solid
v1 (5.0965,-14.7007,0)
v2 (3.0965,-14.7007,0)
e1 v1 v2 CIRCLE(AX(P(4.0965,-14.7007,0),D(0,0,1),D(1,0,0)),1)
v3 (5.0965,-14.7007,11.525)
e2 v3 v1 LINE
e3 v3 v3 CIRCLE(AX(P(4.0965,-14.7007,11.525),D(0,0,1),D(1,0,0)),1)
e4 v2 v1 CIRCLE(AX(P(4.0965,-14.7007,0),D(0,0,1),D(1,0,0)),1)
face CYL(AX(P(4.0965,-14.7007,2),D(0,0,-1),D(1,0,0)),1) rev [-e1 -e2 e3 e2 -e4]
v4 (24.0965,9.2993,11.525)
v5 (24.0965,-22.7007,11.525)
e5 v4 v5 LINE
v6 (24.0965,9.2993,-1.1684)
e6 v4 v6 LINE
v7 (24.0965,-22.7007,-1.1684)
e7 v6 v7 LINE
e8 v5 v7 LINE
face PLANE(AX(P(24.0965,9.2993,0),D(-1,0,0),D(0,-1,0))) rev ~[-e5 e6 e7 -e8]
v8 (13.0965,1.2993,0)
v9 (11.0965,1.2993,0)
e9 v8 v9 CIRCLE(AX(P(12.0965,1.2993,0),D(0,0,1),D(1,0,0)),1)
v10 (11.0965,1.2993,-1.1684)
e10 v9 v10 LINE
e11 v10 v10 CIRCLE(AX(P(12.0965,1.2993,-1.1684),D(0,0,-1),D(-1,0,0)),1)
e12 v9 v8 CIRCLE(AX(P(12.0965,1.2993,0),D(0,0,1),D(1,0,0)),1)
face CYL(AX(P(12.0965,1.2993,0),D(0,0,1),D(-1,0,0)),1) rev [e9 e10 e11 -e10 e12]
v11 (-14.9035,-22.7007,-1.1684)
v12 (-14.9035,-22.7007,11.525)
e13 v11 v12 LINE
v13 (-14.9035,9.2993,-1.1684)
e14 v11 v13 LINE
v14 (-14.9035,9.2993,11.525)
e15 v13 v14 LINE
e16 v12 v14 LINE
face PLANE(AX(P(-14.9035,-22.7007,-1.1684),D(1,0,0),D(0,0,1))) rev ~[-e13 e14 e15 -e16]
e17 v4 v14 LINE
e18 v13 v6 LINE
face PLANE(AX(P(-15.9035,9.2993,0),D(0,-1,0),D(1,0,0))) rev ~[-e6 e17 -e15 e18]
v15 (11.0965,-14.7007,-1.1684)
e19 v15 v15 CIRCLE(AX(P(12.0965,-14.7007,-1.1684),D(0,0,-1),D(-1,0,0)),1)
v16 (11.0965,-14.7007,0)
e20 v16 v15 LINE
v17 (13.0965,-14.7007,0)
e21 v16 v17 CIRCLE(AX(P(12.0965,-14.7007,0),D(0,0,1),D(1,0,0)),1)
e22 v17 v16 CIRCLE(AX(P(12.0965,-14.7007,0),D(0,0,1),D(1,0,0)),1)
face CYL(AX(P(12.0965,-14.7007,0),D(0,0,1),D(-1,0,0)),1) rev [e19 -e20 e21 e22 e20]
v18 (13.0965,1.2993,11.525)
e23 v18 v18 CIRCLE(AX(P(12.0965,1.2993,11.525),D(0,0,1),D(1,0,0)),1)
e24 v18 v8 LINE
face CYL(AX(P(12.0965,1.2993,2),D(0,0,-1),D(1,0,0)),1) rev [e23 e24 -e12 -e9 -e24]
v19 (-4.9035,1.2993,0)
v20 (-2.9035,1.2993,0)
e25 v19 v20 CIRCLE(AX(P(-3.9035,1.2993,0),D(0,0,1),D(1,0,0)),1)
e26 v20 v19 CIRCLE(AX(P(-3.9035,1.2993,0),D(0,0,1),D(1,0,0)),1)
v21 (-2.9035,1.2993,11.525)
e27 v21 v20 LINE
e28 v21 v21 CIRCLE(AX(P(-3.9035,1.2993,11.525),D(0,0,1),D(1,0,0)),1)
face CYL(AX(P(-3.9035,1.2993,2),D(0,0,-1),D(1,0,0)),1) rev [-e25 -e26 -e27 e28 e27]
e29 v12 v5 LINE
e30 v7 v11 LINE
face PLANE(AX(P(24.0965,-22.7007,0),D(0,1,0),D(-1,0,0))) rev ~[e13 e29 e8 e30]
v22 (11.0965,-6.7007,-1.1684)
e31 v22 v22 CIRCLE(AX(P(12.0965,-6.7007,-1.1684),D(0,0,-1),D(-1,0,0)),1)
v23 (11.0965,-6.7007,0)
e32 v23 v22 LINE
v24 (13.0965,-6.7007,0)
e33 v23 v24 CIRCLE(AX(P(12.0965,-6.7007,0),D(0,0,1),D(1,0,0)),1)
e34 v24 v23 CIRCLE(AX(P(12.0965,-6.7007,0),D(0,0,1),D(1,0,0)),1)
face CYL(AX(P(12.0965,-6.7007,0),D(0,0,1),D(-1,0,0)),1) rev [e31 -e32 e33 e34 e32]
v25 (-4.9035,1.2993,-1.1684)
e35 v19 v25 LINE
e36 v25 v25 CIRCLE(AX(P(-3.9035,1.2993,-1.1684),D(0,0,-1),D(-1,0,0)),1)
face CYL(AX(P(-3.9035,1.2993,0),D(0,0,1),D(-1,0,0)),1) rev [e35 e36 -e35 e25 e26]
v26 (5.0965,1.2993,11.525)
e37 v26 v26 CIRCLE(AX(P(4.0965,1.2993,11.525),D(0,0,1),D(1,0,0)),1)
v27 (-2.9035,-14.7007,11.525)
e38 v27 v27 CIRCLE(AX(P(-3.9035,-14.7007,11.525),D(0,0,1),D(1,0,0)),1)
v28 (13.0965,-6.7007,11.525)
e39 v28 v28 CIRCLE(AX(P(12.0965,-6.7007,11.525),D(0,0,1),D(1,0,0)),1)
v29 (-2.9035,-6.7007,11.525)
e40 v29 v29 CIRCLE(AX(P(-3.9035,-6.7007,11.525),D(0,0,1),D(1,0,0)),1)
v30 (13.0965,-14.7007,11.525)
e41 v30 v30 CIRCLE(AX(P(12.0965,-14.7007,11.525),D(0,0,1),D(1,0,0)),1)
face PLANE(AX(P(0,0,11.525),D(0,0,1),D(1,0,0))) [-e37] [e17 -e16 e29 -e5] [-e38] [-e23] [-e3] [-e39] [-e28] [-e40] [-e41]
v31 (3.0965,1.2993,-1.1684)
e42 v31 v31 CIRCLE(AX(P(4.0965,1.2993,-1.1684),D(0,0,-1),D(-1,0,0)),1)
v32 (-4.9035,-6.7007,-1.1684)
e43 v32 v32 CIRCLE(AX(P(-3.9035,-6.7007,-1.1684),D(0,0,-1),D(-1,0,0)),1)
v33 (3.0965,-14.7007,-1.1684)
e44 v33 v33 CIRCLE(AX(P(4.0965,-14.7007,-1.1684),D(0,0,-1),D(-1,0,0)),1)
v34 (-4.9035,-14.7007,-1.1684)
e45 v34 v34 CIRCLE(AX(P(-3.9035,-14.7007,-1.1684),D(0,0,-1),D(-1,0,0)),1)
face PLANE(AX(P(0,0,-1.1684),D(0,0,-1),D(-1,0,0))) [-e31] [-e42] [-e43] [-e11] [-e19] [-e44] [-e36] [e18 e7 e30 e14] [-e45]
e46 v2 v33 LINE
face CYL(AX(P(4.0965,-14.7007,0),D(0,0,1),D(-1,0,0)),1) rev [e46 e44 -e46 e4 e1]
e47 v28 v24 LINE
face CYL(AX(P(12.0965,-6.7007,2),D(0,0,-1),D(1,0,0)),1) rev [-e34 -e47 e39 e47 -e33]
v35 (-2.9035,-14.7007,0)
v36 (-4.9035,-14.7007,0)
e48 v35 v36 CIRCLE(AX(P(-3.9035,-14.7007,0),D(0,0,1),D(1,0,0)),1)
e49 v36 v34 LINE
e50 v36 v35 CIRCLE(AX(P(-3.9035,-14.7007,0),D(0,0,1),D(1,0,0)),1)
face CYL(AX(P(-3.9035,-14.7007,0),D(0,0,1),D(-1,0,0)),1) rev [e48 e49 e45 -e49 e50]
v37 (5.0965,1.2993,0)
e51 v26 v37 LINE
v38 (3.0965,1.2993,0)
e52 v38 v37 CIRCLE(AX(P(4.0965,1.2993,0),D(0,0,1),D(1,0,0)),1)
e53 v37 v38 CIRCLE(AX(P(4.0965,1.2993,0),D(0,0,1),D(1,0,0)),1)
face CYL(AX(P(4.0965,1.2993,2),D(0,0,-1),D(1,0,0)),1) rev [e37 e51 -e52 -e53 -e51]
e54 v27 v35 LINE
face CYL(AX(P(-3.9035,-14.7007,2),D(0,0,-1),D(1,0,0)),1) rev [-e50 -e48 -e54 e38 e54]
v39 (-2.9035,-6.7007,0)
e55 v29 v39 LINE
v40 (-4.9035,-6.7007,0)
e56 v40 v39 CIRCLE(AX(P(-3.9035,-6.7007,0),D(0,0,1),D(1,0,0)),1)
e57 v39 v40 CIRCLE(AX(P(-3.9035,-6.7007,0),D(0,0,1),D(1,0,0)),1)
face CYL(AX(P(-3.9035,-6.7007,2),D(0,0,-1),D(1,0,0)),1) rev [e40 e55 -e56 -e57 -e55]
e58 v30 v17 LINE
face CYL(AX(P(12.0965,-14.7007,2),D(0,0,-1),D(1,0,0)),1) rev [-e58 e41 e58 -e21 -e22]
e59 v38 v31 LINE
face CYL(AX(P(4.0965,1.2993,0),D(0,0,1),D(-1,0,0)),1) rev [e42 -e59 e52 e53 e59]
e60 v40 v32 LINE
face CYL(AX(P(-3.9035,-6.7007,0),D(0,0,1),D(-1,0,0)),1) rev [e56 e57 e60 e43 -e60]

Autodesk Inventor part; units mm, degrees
ref_plane "YZ Plane" through (0, 0, 0) normal (1, 0, 0) x (0, 1, 0)
ref_plane "XZ Plane" through (0, 0, 0) normal (0, 1, 0) x (-1, 0, 0)
ref_plane "XY Plane" through (0, 0, 0) normal (0, 0, 1) x (1, 0, 0)
sketch "Sketch1" plane through (0, 0, 0) normal (0, 0, 1) x (1, 0, 0)
  line L0 (-15.9035, 8.2993) -> (24.0965, 8.2993)
  line L1 (24.0965, 8.2993) -> (24.0965, -21.7007)
  line L2 (24.0965, -21.7007) -> (-15.9035, -21.7007)
  line L3 (-15.9035, -21.7007) -> (-15.9035, 8.2993)
  point P0 (0, 0)
  dimension "d0" = 40
  dimension "d1" = 30
extrude "Extrusion1" add sketch "Sketch1" along normal blind 2
sketch "Sketch2" plane through (0, 0, 2) normal (0, 0, 1) x (1, 0, 0)
  line L0 (-15.9035, -21.7007) -> (-15.9035, 8.2993) projected
  line L1 (24.0965, -21.7007) -> (-15.9035, -21.7007) projected
  line L2 (-15.9035, -6.7007) -> (4.0965, -6.7007)
  line L3 (4.0965, -6.7007) -> (4.0965, -14.7007)
  line L4 (4.0965, -14.7007) -> (-3.9035, -14.7007)
  line L5 (-3.9035, -14.7007) -> (-3.9035, 1.2993)
  line L6 (-3.9035, 1.2993) -> (12.0965, 1.2993)
  line L7 (12.0965, 1.2993) -> (12.0965, -14.7007)
  circle A0 centre (12.0965, -6.7007) radius 1
  circle A1 centre (12.0965, 1.2993) radius 1
  circle A2 centre (4.0965, 1.2993) radius 1
  circle A3 centre (-3.9035, 1.2993) radius 1
  circle A4 centre (-3.9035, -6.7007) radius 1
  circle A5 centre (-3.9035, -14.7007) radius 1
  circle A6 centre (4.0965, -14.7007) radius 1
  circle A7 centre (12.0965, -14.7007) radius 1
  point P0 (0, 0)
  dimension "d4" = 8
  dimension "d5" = 8
  dimension "d6" = 16
  dimension "d7" = 16
  dimension "d8" = 16
  dimension "d9" = 2
extrude "Extrusion2" cut sketch "Sketch2" against normal blind 2 contours A7 | A0 L7 | L7 A0 | A1 L7 L6 | L6 L7 A1 | A2 L6 | L6 A2 | A3 L6 L5 | L5 L6 A3 | A4 L5 L2 | L2 L5 A4 | L5 A4 L2 | L2 A4 L5 | A6 L4 L3 | L3 L4 A6 | A5 L4 L5 | L5 L4 A5
sketch "Sketch3" plane through (-15.9035, -21.7007, 0) normal (0, -1, 0) x (1, 0, 0)
  line L0 (40, 2) -> (0, 2) projected
  line L1 (0, 0) -> (0, 2) projected
  line L2 (40, 0) -> (0, 0) projected
  line L3 (40, 0) -> (40, 2) projected
  point P0 (15.9035, 0)
extrude "Extrusion3" add sketch "Sketch3" along normal blind 1
sketch "Sketch4" plane through (-15.9035, 8.2993, 0) normal (0, 1, 0) x (1, 0, 0)
  line L0 (0, -2) -> (40, -2) projected
  line L1 (40, 0) -> (40, -2) projected
  line L2 (0, 0) -> (40, 0) projected
  line L3 (0, 0) -> (0, -2) projected
  point P0 (15.9035, 0)
extrude "Extrusion4" add sketch "Sketch4" along normal blind 1
sketch "Sketch5" plane through (0, 0, 2) normal (0, 0, 1) x (1, 0, 0)
  circle A0 centre (12.0965, -14.7007) radius 1 projected
  circle A1 centre (4.0965, -14.7007) radius 1 projected
  circle A2 centre (-3.9035, -14.7007) radius 1 projected
  circle A3 centre (-3.9035, -6.7007) radius 1 projected
  circle A4 centre (-3.9035, 1.2993) radius 1 projected
  circle A5 centre (4.0965, 1.2993) radius 1 projected
  circle A6 centre (12.0965, 1.2993) radius 1 projected
  circle A7 centre (12.0965, -6.7007) radius 1 projected
  line L0 (24.0965, 9.2993) -> (24.0965, -22.7007) projected
  line L1 (24.0965, 9.2993) -> (-15.9035, 9.2993) projected
  line L2 (-15.9035, -22.7007) -> (-15.9035, 9.2993) projected
  line L3 (-15.9035, -22.7007) -> (24.0965, -22.7007) projected
  point P0 (0, 0)
extrude "Extrusion5" add sketch "Sketch5" along normal blind 9.525
sketch "Sketch6" plane through (0, 0, 0) normal (0, 0, -1) x (-1, 0, 0)
  circle A0 centre (-12.0965, -14.7007) radius 1 projected
  circle A1 centre (-4.0965, -14.7007) radius 1 projected
  circle A2 centre (3.9035, -14.7007) radius 1 projected
  circle A3 centre (3.9035, -6.7007) radius 1 projected
  circle A4 centre (3.9035, 1.2993) radius 1 projected
  circle A5 centre (-4.0965, 1.2993) radius 1 projected
  circle A6 centre (-12.0965, 1.2993) radius 1 projected
  circle A7 centre (-12.0965, -6.7007) radius 1 projected
  line L0 (-24.0965, 9.2993) -> (-24.0965, -22.7007) projected
  line L1 (-24.0965, -22.7007) -> (15.9035, -22.7007) projected
  line L2 (15.9035, -22.7007) -> (15.9035, 9.2993) projected
  line L3 (15.9035, 9.2993) -> (-24.0965, 9.2993) projected
  point P0 (0, 0)
extrude "Extrusion6" add sketch "Sketch6" along normal blind 1.1684
sketch "Sketch7" plane through (-15.9035, -22.7007, 0) normal (0, -1, 0) x (1, 0, 0)
  line L0 (40, 11.525) -> (0, 11.525) projected
  line L1 (0, -1.1684) -> (1, -1.1684)
  line L2 (1, -1.1684) -> (1, 11.525)
  line L3 (1, 11.525) -> (0, 11.525)
  line L4 (0, 11.525) -> (0, -1.1684)
  point P0 (15.9035, 0)
  dimension "d20" = 1
extrude "Extrusion7" cut sketch "Sketch7" against normal blind 50.8
properties part number "hconnector"
